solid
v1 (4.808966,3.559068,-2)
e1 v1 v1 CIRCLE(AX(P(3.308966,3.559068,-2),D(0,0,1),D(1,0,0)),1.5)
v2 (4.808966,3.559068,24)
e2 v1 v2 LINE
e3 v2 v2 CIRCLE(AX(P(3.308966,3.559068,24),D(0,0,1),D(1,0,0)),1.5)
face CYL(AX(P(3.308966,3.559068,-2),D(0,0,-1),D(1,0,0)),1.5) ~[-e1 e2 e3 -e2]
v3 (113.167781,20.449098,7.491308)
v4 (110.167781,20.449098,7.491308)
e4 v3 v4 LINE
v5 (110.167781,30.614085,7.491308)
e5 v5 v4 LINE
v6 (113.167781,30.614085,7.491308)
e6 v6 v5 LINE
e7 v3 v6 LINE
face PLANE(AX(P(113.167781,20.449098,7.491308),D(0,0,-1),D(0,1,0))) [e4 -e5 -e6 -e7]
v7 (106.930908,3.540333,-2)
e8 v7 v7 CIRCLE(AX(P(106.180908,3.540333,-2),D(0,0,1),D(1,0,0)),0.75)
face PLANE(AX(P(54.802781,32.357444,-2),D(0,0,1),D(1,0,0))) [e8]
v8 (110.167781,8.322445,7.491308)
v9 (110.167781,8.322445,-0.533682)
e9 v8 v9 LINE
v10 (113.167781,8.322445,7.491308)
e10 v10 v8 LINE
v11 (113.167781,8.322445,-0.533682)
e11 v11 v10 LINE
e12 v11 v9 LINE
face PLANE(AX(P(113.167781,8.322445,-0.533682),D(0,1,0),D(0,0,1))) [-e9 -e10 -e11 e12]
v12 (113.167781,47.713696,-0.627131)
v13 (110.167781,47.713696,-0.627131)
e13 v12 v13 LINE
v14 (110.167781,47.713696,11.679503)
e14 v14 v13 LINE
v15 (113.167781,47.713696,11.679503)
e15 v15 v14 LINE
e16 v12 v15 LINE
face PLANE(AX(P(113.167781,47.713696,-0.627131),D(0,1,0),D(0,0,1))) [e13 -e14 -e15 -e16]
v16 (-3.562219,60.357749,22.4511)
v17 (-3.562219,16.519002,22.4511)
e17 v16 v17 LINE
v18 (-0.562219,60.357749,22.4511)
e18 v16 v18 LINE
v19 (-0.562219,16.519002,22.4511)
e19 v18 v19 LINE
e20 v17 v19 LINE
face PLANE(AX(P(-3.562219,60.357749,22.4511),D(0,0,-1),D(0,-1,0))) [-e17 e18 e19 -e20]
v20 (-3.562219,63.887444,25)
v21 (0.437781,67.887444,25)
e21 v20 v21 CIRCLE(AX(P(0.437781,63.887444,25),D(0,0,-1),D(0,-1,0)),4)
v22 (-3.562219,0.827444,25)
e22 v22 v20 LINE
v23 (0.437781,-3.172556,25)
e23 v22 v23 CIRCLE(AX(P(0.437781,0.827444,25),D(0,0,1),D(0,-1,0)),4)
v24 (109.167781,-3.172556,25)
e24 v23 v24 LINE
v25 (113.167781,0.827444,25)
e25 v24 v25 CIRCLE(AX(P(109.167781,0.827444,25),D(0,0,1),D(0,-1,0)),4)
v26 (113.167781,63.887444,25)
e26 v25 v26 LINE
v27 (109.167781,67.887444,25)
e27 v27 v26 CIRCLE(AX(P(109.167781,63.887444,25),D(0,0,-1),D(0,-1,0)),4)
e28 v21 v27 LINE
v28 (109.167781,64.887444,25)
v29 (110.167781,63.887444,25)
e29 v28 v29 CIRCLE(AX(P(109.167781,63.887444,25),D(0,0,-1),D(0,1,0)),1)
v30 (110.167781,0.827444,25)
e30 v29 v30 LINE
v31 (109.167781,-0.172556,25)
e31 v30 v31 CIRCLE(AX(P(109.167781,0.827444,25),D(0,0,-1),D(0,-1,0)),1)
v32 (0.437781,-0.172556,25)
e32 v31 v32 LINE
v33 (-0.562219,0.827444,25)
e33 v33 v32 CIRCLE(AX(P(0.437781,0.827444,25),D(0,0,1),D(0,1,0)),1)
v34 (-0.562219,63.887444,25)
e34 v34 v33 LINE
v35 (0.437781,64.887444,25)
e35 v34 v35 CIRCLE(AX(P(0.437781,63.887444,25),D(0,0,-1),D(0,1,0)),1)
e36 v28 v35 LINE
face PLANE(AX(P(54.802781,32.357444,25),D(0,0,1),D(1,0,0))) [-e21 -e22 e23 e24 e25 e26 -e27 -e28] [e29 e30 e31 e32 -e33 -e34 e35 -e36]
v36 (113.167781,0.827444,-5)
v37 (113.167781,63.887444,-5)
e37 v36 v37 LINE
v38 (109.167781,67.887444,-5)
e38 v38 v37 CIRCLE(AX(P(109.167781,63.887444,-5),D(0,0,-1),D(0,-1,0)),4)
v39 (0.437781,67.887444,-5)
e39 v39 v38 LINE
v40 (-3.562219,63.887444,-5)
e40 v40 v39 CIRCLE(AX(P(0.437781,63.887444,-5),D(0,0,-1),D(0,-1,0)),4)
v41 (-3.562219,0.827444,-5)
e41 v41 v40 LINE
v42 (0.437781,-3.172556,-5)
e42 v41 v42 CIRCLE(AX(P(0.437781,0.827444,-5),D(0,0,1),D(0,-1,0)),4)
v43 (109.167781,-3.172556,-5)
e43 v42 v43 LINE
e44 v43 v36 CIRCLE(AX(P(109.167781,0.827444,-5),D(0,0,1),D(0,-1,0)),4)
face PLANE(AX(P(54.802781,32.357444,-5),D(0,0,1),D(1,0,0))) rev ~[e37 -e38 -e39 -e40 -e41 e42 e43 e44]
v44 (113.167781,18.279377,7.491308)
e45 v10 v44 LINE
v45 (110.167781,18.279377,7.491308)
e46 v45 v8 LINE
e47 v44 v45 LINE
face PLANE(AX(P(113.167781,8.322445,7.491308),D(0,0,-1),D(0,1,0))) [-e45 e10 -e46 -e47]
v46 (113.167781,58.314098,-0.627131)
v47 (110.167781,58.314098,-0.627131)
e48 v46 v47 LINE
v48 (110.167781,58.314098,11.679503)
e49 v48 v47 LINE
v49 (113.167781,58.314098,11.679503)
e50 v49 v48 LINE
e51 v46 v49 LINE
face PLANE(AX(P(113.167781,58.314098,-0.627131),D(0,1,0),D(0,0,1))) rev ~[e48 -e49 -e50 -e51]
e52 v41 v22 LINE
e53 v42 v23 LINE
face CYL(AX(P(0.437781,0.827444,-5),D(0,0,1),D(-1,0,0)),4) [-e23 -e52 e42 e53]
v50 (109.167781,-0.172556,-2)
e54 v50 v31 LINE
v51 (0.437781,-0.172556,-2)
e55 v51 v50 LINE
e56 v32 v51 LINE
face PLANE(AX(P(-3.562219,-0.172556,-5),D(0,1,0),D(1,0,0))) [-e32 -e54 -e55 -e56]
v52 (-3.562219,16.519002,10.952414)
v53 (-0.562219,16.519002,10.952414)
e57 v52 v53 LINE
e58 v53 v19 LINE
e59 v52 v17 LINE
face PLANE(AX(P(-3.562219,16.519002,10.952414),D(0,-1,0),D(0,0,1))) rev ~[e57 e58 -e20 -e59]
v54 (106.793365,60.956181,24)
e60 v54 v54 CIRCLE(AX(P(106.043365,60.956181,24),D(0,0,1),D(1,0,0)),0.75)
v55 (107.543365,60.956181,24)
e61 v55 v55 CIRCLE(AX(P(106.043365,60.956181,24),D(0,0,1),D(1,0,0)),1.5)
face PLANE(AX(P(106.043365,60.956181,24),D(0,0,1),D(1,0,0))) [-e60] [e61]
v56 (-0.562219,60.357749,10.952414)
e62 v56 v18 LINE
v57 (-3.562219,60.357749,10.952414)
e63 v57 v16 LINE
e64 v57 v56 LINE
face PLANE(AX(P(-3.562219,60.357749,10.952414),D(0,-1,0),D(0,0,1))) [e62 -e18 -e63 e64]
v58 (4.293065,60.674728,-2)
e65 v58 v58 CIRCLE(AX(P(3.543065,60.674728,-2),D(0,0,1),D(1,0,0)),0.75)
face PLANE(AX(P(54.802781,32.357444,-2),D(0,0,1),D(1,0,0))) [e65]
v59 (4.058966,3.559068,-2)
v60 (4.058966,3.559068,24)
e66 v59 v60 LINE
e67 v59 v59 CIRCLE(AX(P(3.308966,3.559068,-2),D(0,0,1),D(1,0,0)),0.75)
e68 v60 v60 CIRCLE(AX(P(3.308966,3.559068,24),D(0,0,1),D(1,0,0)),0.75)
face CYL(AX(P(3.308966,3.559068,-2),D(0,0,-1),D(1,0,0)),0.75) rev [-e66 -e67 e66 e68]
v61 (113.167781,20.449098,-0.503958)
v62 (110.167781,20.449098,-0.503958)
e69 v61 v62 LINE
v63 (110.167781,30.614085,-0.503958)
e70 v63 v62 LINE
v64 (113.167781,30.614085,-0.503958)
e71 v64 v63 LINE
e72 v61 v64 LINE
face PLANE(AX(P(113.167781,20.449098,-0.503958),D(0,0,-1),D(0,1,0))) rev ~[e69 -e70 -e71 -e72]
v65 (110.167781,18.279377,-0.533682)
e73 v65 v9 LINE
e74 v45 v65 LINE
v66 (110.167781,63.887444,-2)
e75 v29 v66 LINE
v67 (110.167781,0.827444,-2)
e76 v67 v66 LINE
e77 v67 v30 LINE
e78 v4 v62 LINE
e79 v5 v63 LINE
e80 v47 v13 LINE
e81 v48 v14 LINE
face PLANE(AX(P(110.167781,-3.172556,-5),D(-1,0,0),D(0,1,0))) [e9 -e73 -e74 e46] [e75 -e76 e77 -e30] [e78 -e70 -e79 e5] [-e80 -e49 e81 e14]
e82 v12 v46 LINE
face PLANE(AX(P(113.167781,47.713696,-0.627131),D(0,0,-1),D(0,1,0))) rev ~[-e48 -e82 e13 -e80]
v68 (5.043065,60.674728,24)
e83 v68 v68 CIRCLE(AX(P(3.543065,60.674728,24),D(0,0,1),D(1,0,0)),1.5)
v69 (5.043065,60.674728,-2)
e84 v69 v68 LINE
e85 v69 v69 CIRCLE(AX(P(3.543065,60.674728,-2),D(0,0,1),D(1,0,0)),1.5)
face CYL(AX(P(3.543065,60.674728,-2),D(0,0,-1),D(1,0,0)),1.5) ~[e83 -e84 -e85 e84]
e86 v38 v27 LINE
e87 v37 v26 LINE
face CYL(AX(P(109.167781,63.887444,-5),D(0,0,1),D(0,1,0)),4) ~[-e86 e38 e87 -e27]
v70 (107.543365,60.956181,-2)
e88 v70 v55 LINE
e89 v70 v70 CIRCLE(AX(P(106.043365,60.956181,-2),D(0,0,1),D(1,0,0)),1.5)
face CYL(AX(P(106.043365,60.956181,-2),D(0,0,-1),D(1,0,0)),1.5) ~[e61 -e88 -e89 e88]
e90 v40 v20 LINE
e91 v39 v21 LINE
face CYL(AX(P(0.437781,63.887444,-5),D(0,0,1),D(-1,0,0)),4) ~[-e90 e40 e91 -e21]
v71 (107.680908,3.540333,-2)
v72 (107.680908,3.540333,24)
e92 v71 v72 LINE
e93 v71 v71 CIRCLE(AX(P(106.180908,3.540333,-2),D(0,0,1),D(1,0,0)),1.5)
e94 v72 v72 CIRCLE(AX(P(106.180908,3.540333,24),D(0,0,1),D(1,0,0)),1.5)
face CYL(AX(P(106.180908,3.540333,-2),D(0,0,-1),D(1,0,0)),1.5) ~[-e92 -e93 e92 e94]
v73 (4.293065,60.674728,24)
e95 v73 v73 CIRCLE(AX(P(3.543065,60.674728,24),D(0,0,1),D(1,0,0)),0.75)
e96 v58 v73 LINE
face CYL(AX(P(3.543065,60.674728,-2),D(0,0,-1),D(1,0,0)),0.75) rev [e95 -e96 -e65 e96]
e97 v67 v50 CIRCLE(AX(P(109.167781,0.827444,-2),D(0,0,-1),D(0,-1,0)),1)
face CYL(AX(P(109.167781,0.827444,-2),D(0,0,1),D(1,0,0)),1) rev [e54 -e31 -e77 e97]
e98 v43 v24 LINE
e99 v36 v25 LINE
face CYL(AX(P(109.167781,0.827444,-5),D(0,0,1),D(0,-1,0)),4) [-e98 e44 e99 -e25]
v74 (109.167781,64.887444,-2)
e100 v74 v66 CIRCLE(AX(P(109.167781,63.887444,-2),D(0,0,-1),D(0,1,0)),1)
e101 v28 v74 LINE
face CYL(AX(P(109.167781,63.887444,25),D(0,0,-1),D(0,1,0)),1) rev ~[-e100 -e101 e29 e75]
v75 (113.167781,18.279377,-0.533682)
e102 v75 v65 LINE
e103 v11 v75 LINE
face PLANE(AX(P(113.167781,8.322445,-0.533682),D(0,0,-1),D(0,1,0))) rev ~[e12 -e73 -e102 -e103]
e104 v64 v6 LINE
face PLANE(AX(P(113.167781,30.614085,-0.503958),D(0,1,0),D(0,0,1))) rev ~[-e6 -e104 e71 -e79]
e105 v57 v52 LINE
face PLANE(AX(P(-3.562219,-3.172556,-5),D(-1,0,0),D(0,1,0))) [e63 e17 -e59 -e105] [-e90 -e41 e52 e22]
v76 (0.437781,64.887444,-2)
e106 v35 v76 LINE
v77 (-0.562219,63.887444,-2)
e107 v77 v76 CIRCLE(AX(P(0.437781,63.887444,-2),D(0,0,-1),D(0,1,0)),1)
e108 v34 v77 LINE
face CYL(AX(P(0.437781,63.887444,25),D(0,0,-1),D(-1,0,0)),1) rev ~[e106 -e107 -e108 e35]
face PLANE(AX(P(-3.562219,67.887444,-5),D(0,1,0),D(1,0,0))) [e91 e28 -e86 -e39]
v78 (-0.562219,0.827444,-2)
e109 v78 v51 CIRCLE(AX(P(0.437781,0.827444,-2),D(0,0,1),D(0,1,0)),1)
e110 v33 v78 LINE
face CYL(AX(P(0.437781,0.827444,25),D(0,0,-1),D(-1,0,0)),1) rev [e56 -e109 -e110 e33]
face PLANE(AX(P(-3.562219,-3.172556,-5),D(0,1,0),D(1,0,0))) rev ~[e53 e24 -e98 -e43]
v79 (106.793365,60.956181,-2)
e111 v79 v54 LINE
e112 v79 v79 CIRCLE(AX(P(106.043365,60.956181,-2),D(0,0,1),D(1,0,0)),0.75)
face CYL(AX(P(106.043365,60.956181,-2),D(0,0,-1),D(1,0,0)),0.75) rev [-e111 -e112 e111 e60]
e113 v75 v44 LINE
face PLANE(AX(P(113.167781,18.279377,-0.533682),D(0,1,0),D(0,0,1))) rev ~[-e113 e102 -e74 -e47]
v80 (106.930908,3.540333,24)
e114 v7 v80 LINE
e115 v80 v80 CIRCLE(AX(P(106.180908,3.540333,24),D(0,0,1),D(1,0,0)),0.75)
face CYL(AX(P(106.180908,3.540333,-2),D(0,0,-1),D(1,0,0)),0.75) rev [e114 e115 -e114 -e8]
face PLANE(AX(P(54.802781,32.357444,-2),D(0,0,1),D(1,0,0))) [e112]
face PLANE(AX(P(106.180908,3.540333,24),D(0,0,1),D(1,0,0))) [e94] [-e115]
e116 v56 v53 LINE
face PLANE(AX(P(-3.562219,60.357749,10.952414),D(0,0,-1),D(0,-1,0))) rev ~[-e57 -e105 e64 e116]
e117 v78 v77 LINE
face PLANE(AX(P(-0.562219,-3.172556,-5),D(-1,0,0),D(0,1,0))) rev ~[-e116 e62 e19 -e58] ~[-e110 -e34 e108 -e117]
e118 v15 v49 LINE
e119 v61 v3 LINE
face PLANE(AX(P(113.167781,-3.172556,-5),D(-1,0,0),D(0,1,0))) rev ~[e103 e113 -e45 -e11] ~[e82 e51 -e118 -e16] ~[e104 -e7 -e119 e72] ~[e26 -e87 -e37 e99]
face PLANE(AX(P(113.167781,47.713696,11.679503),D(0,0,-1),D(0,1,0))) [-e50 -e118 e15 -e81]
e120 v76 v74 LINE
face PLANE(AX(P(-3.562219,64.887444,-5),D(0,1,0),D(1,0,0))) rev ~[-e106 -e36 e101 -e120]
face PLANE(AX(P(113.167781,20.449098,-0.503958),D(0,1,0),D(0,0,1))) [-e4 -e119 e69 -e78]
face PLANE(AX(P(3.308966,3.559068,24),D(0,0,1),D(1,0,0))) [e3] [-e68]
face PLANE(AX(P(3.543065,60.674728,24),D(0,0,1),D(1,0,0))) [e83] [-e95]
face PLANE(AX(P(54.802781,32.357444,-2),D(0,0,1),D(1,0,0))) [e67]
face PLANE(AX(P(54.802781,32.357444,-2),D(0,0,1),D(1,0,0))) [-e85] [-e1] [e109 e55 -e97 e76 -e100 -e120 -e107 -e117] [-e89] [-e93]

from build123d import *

# Parameters (mm, degrees)
SKETCH_W        = 116.73
SKETCH_H        = 71.06
PAD_DEPTH       = 30
THICKNESS_T     = -3
SKETCH001_W     = 10.600402
SKETCH001_H     = 12.306634
SKETCH001_W_2   = 9.956932
SKETCH001_H_2   = 8.02499
SKETCH001_W_3   = 10.164987
SKETCH001_H_3   = 7.995267
POCKET_DEPTH    = 5
SKETCH005_R     = 1.5
SKETCH005_R_2   = 0.75
PAD004_DEPTH    = 26
PAD005_DEPTH    = 26
PAD006_DEPTH    = 26
PAD007_DEPTH    = 26
SKETCH004_W     = 43.838747
SKETCH004_H     = 11.498687
POCKET001_DEPTH = 5
FILLET_R        = 4
FILLET002_R     = 4
FILLET003_R     = 4
FILLET004_R     = 1
FILLET005_R     = 1
FILLET006_R     = 1


with BuildPart() as part:
    # Sketch → Pad (new body)
    with BuildSketch(Plane.XY):
        with Locations((54.802781, 32.357444)):
            Rectangle(SKETCH_W, SKETCH_H)
    extrude(amount=PAD_DEPTH)

    # Thickness
    thickness_openings = [part.faces().sort_by_distance(p)[0] for p in [
        (54.802781, 32.357444, 30),
    ]]
    offset(amount=THICKNESS_T, openings=thickness_openings, kind=Kind.INTERSECTION)

    # Sketch001 (on Face3 of Thickness) → Pocket (cut)
    with BuildSketch(Plane.YZ.offset(113.167781)):
        with Locations((53.013897, 10.526186)):
            Rectangle(SKETCH001_W, SKETCH001_H)
        with Locations((13.300911, 8.478813)):
            Rectangle(SKETCH001_W_2, SKETCH001_H_2)
        with Locations((25.531591, 8.493675)):
            Rectangle(SKETCH001_W_3, SKETCH001_H_3)
    extrude(amount=-POCKET_DEPTH, mode=Mode.SUBTRACT)

    # Sketch005 (on Face23 of Pocket) → Pad004 (join)
    with BuildSketch(Plane.XY.offset(3)):
        with Locations((3.543065, 60.674728)):
            Circle(SKETCH005_R)
        with Locations((3.543065, 60.674728)):
            Circle(SKETCH005_R_2, mode=Mode.SUBTRACT)
        with Locations((106.043365, 60.956181)):
            Circle(SKETCH005_R)
        with Locations((106.043365, 60.956181)):
            Circle(SKETCH005_R_2, mode=Mode.SUBTRACT)
        with Locations((3.308966, 3.559068)):
            Circle(SKETCH005_R)
        with Locations((3.308966, 3.559068)):
            Circle(SKETCH005_R_2, mode=Mode.SUBTRACT)
        with Locations((106.180908, 3.540333)):
            Circle(SKETCH005_R)
        with Locations((106.180908, 3.540333)):
            Circle(SKETCH005_R_2, mode=Mode.SUBTRACT)
    extrude(amount=PAD004_DEPTH)

    # Sketch005 (on Face23 of Pocket) → Pad005 (join)
    with BuildSketch(Plane.XY.offset(3)):
        with Locations((3.543065, 60.674728)):
            Circle(SKETCH005_R)
        with Locations((3.543065, 60.674728)):
            Circle(SKETCH005_R_2, mode=Mode.SUBTRACT)
        with Locations((106.043365, 60.956181)):
            Circle(SKETCH005_R)
        with Locations((106.043365, 60.956181)):
            Circle(SKETCH005_R_2, mode=Mode.SUBTRACT)
        with Locations((3.308966, 3.559068)):
            Circle(SKETCH005_R)
        with Locations((3.308966, 3.559068)):
            Circle(SKETCH005_R_2, mode=Mode.SUBTRACT)
        with Locations((106.180908, 3.540333)):
            Circle(SKETCH005_R)
        with Locations((106.180908, 3.540333)):
            Circle(SKETCH005_R_2, mode=Mode.SUBTRACT)
    extrude(amount=PAD005_DEPTH)

    # Sketch005 (on Face23 of Pocket) → Pad006 (join)
    with BuildSketch(Plane.XY.offset(3)):
        with Locations((3.543065, 60.674728)):
            Circle(SKETCH005_R)
        with Locations((3.543065, 60.674728)):
            Circle(SKETCH005_R_2, mode=Mode.SUBTRACT)
        with Locations((106.043365, 60.956181)):
            Circle(SKETCH005_R)
        with Locations((106.043365, 60.956181)):
            Circle(SKETCH005_R_2, mode=Mode.SUBTRACT)
        with Locations((3.308966, 3.559068)):
            Circle(SKETCH005_R)
        with Locations((3.308966, 3.559068)):
            Circle(SKETCH005_R_2, mode=Mode.SUBTRACT)
        with Locations((106.180908, 3.540333)):
            Circle(SKETCH005_R)
        with Locations((106.180908, 3.540333)):
            Circle(SKETCH005_R_2, mode=Mode.SUBTRACT)
    extrude(amount=PAD006_DEPTH)

    # Sketch005 (on Face23 of Pocket) → Pad007 (join)
    with BuildSketch(Plane.XY.offset(3)):
        with Locations((3.543065, 60.674728)):
            Circle(SKETCH005_R)
        with Locations((3.543065, 60.674728)):
            Circle(SKETCH005_R_2, mode=Mode.SUBTRACT)
        with Locations((106.043365, 60.956181)):
            Circle(SKETCH005_R)
        with Locations((106.043365, 60.956181)):
            Circle(SKETCH005_R_2, mode=Mode.SUBTRACT)
        with Locations((3.308966, 3.559068)):
            Circle(SKETCH005_R)
        with Locations((3.308966, 3.559068)):
            Circle(SKETCH005_R_2, mode=Mode.SUBTRACT)
        with Locations((106.180908, 3.540333)):
            Circle(SKETCH005_R)
        with Locations((106.180908, 3.540333)):
            Circle(SKETCH005_R_2, mode=Mode.SUBTRACT)
    extrude(amount=PAD007_DEPTH)

    # Sketch004 → Pocket001 (cut)
    with BuildSketch(Plane(origin=(-3.562219, 0, 0), x_dir=(0, -1, 0), z_dir=(-1, 0, 0))):
        with Locations((-38.438376, 21.701757)):
            Rectangle(SKETCH004_W, SKETCH004_H)
    extrude(amount=-POCKET001_DEPTH, mode=Mode.SUBTRACT)

    # Fillet
    fillet_edges = [part.edges().sort_by_distance(p)[0] for p in [
        (-3.562219, -3.172556, 15),
    ]]
    fillet(fillet_edges, radius=FILLET_R)

    # Fillet002
    fillet002_edges = [part.edges().sort_by_distance(p)[0] for p in [
        (-3.562219, 67.887444, 15),
        (113.167781, 67.887444, 15),
    ]]
    fillet(fillet002_edges, radius=FILLET002_R)

    # Fillet003
    fillet003_edges = [part.edges().sort_by_distance(p)[0] for p in [
        (113.167781, -3.172556, 15),
    ]]
    fillet(fillet003_edges, radius=FILLET003_R)

    # Fillet004
    fillet004_edges = [part.edges().sort_by_distance(p)[0] for p in [
        (-0.562219, 64.887444, 16.5),
    ]]
    fillet(fillet004_edges, radius=FILLET004_R)

    # Fillet005
    fillet005_edges = [part.edges().sort_by_distance(p)[0] for p in [
        (110.167781, 64.887444, 16.5),
    ]]
    fillet(fillet005_edges, radius=FILLET005_R)

    # Fillet006
    fillet006_edges = [part.edges().sort_by_distance(p)[0] for p in [
        (110.167781, -0.172556, 16.5),
        (-0.562219, -0.172556, 16.5),
    ]]
    fillet(fillet006_edges, radius=FILLET006_R)


with BuildPart() as part_1:
    # Body placement: moved
    add(part.part.moved(Location((0, 0, -5))))


solid = part_1.part
